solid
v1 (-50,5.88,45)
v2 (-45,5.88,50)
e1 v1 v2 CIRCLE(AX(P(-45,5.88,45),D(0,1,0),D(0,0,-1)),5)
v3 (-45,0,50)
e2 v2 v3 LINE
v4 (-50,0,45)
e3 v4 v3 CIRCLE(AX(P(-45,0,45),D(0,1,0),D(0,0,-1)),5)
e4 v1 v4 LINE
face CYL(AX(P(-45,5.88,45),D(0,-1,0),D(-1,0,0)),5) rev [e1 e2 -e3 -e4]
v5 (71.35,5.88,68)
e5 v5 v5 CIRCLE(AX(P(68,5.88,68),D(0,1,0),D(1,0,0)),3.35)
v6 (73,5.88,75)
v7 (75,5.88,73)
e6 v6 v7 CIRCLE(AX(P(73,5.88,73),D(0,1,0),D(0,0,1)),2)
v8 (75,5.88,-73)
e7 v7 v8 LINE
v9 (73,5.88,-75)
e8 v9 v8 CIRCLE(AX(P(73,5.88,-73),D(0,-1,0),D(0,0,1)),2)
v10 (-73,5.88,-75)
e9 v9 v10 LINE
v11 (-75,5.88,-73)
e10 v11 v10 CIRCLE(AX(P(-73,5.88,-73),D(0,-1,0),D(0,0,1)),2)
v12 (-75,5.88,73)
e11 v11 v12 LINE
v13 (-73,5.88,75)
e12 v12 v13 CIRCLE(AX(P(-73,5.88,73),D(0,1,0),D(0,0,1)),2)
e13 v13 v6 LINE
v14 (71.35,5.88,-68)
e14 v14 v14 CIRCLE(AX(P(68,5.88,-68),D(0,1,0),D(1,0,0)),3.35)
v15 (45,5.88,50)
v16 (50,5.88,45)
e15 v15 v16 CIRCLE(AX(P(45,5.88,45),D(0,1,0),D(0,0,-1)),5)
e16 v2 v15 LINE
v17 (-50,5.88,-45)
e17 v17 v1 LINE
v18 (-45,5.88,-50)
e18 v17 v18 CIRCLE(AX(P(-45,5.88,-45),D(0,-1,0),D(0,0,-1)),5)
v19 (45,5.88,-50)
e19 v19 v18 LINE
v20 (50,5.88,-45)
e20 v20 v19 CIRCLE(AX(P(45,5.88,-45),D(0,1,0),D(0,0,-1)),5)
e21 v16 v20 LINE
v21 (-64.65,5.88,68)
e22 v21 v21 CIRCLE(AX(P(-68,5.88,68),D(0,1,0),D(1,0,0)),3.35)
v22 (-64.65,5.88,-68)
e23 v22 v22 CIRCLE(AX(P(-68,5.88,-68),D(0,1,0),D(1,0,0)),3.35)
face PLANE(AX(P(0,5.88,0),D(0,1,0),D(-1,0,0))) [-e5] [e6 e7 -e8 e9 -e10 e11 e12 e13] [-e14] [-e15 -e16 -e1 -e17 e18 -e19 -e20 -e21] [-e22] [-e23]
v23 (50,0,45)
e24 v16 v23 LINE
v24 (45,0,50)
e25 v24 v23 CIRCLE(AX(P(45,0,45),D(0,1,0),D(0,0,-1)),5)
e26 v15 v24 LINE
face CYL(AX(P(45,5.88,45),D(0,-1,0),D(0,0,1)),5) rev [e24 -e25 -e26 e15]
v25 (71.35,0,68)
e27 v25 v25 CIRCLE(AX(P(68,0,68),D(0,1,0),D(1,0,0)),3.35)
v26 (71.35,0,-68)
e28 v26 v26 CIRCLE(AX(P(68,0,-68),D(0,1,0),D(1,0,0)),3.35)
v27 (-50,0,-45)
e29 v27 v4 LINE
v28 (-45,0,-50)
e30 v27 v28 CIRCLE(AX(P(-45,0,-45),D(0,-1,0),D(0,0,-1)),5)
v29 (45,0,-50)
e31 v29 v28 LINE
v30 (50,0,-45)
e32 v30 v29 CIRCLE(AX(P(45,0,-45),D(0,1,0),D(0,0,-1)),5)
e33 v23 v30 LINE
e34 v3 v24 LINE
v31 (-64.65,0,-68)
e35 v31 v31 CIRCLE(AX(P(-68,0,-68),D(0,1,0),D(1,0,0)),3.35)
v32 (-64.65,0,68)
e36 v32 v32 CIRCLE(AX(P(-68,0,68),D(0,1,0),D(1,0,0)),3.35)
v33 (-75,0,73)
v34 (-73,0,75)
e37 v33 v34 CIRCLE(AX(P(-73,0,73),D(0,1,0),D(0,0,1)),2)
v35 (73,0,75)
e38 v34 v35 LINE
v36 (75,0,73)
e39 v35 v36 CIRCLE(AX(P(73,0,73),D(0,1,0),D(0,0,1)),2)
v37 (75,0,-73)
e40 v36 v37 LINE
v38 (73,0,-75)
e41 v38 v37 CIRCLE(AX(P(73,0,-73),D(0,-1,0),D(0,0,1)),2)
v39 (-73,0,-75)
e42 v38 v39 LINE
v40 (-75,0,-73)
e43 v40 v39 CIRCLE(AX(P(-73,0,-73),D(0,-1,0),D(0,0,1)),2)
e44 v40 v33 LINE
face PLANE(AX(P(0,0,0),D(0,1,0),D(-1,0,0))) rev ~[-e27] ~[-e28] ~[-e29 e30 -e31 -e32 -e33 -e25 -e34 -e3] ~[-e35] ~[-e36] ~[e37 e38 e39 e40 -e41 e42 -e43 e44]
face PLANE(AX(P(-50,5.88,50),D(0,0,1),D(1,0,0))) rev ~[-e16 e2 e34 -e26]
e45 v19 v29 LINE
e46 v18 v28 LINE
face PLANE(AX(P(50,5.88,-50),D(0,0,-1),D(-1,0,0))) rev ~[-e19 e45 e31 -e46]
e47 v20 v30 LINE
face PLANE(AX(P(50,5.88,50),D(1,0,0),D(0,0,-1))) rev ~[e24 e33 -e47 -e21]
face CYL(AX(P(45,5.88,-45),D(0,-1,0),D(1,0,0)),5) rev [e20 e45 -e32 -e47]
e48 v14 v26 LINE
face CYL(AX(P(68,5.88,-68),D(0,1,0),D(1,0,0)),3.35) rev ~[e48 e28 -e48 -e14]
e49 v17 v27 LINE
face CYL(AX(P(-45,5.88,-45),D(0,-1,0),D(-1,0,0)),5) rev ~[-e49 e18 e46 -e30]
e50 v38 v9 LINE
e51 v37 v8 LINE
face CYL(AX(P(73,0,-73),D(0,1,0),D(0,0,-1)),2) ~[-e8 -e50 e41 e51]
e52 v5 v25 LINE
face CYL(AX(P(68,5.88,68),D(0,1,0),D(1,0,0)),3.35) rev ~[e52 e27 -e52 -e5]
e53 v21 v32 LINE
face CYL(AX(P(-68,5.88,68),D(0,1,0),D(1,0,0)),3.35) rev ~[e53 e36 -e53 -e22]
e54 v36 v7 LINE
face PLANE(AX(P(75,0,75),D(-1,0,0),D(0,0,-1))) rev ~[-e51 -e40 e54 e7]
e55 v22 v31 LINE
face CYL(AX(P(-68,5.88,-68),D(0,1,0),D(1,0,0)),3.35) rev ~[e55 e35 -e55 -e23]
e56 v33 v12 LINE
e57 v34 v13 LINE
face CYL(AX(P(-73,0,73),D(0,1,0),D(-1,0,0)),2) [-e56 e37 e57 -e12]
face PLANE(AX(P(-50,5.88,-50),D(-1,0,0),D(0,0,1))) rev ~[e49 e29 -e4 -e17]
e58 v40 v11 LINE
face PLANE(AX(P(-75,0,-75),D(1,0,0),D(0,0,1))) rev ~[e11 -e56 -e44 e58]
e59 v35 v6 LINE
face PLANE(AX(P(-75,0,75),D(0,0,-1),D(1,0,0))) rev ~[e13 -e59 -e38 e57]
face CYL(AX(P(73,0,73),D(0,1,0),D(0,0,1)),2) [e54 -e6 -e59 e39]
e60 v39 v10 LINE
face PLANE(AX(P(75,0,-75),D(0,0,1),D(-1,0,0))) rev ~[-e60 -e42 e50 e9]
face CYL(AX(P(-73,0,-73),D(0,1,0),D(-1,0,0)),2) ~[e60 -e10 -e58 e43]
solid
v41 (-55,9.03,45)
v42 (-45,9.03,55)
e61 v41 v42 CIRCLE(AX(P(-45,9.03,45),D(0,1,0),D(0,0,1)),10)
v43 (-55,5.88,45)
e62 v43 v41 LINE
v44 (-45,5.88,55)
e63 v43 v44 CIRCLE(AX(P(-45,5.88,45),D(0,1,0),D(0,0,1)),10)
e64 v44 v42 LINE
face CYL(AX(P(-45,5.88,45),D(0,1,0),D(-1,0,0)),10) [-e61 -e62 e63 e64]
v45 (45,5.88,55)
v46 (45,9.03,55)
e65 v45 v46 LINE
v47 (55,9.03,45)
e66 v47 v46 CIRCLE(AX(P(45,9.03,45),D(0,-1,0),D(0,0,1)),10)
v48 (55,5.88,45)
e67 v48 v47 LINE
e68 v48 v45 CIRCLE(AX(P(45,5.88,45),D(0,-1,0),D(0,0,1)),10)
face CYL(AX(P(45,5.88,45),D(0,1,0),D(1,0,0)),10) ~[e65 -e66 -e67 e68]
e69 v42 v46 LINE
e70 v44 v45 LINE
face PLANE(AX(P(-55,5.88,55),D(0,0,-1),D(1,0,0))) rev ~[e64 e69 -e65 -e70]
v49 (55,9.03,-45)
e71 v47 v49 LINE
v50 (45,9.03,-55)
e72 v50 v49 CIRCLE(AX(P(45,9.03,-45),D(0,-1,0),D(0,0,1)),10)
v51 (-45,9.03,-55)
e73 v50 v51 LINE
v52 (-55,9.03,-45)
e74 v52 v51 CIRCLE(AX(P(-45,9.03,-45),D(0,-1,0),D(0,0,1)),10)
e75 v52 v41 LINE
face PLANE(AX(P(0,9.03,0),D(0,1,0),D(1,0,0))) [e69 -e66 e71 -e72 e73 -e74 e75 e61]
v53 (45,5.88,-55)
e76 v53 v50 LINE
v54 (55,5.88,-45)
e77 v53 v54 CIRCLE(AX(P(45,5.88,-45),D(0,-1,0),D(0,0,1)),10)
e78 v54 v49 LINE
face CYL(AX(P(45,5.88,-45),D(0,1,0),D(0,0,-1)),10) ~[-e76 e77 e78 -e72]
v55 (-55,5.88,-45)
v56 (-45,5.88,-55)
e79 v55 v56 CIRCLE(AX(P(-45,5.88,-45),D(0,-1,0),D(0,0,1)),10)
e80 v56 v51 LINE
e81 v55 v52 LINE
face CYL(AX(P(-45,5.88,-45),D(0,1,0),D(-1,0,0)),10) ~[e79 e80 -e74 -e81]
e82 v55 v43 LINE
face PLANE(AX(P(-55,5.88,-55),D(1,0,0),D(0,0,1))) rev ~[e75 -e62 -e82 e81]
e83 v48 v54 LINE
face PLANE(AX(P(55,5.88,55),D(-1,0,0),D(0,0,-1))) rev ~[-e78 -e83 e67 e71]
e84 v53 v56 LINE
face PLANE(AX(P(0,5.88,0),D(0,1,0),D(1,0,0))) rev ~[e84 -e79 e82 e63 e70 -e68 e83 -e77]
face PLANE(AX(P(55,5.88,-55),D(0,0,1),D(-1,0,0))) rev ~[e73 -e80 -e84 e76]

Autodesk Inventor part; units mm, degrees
ref_plane "YZ Plane" through (0, 0, 0) normal (1, 0, 0) x (0, 1, 0)
ref_plane "XZ Plane" through (0, 0, 0) normal (0, 1, 0) x (-1, 0, 0)
ref_plane "XY Plane" through (0, 0, 0) normal (0, 0, 1) x (1, 0, 0)
sketch "Sketch1" plane through (0, 0, 0) normal (0, 1, 0) x (-1, 0, 0)
  line L0 (75, 75) -> (-75, 75)
  line L1 (-75, 75) -> (-75, -75)
  line L2 (-75, -75) -> (75, -75)
  line L3 (75, -75) -> (75, 75)
  line L4 (75, 75) -> (-75, -75) construction
  line L5 (-75, 75) -> (75, -75) construction
  point P0 (0, 0)
  dimension "d0" = 150
  dimension "d1" = 150
extrude "Extrusion1" add sketch "Sketch1" along normal blind 5.88
sketch "Sketch2" plane through (0, 5.88, 0) normal (0, 1, 0) x (1, 0, 0)
  line L0 (-75.5, -90.5) -> (75.5, -90.5)
  line L1 (75.5, -90.5) -> (75.5, 90.5)
  line L2 (75.5, 90.5) -> (-75.5, 90.5)
  line L3 (-75.5, 90.5) -> (-75.5, -90.5)
  line L4 (-75.5, -90.5) -> (75.5, 90.5) construction
  line L5 (75.5, -90.5) -> (-75.5, 90.5) construction
  circle A0 centre (-68, 68) radius 3.35
  circle A1 centre (-68, -68) radius 3.35
  circle A2 centre (68, -68) radius 3.35
  circle A3 centre (68, 68) radius 3.35
  line L6 (-50, -50) -> (50, -50)
  line L7 (50, -50) -> (50, 50)
  line L8 (50, 50) -> (-50, 50)
  line L9 (-50, 50) -> (-50, -50)
  line L10 (-50, -50) -> (50, 50) construction
  line L11 (50, -50) -> (-50, 50) construction
  point P0 (0, 0)
  dimension "d4" = 151
  dimension "d5" = 181
  dimension "d6" = 6.7
  dimension "d7" = 7.5
  dimension "d8" = 22.5
  dimension "d11" = 360
  dimension "d13" = 100
  dimension "d14" = 100
extrude "Extrusion2" cut sketch "Sketch2" against normal blind 5.88 contours A0 | A1 | A2 | A3 | L9 L8 L7 L6
sketch "Sketch4" plane through (0, 5.88, 0) normal (0, 1, 0) x (1, 0, 0)
  line L0 (-55, -55) -> (55, -55)
  line L1 (55, -55) -> (55, 55)
  line L2 (55, 55) -> (-55, 55)
  line L3 (-55, 55) -> (-55, -55)
  line L4 (-55, -55) -> (55, 55) construction
  line L5 (55, -55) -> (-55, 55) construction
  point P0 (0, 0)
  dimension "d21" = 110
  dimension "d22" = 110
extrude "Extrusion4" add sketch "Sketch4" along normal blind 3.15 separate body
fillet "Fillet1" radius 10 4 edges at (-55, 7.455, 55) (55, 7.455, 55) (55, 7.455, -55) (-55, 7.455, -55)
fillet "Fillet2" radius 5 4 edges at (-50, 2.94, 50) (50, 2.94, 50) (-50, 2.94, -50) (50, 2.94, -50)
fillet "Fillet3" radius 2 4 edges at (-75, 2.94, 75) (75, 2.94, 75) (75, 2.94, -75) (-75, 2.94, -75)
equation "\"d0\" = inner_bottom_x"
equation "\"d1\" = inner_bottom_y"
equation "\"d2\" = t_inner_tray"
equation "\"d4\" = tray_x"
equation "\"d5\" = tray_y"
equation "\"d6\" = m5_brass_insert_drill"
equation "\"d7\" = 0.5 * tray_border"
equation "\"d8\" = 1.5 * tray_border"
equation "\"d13\" = bottom_clear_x - 2 * bottom_clear_border"
equation "\"d14\" = bottom_clear_y - 2 * bottom_clear_border"
equation "\"d15\" = t_inner_tray"
equation "\"d21\" = bottom_clear_x"
equation "\"d22\" = bottom_clear_y"
equation "\"d23\" = t_bottom_clear"
equation "\"d25\" = 2 * bottom_clear_border"
equation "\"d26\" = bottom_clear_border"
equation "\"d27\" = small_round"
equation "\"thick_acrylic\" = 5.88"
equation "\"thin_acrylic\" = 3.15"
equation "\"clear_acrylic\" = 3.15"
equation "\"wood_thickness\" = 6.72"
equation "\"al1_thickness\" = 1.5875"
equation "\"m3_diameter\" = 3.15"
equation "\"m4_diameter\" = 4.2"
equation "\"m5_diameter\" = 5.25"
equation "\"brass_insert_drill\" = 4"
equation "\"m5_brass_insert_drill\" = 6.7"
equation "\"m5_press_nut_drill\" = 6.35"
equation "\"m3_main_length\" = 14"
equation "\"m3_main_nut_width\" = 5.7"
equation "\"m3_main_nut_thickness\" = 2.5"
equation "\"m3_main_extra\" = 1"
equation "\"stepper_screw_space\" = 35"
equation "\"stepper_shaft_diameter\" = 5"
equation "\"stepper_body_diameter\" = 28"
equation "\"laser_body_diameter\" = 12"
equation "\"t_carrier\" = 6.72"
equation "\"t_wall\" = 5.88"
equation "\"t_window\" = 3.15"
equation "\"carrier_y\" = 181"
equation "\"carrier_z\" = 233.04"
equation "\"carrier_z2\" = 283.04"
equation "\"protection_slot\" = 30.2"
equation "\"protection_slot_offset\" = 37.75"
equation "\"protection_slot_length\" = 20.6"
equation "\"window_z\" = 185"
equation "\"window_y\" = 49.56"
equation "\"window_slot\" = 25"
equation "\"door_sensor\" = 35"
equation "\"reservoir_x\" = 151"
equation "\"reservoir_y\" = 151"
equation "\"linear_bearing_spacing\" = 207"
equation "\"linear_bearing_z\" = 304.8"
equation "\"threaded_rod_z\" = 203.2"
equation "\"motor_spacing\" = 287"
equation "\"t_tray\" = 3.15"
equation "\"tray_border\" = 15"
equation "\"tray_x\" = 151"
equation "\"tray_y\" = 181"
equation "\"bed_t\" = 1.5875"
equation "\"bed_y2\" = 45.96"
equation "\"bed_fold_x\" = 15"
equation "\"bed_gap\" = 0.3"
equation "\"t_inner_tray\" = 5.88"
equation "\"t_tape\" = 3"
equation "\"inner_tray_x\" = 145"
equation "\"inner_tray_y\" = 145"
equation "\"inner_tray_border\" = 5"
equation "\"inner_tray_radius\" = 24"
equation "\"inner_bottom_x\" = 150"
equation "\"inner_bottom_y\" = 150"
equation "\"brass_keep_out\" = 8"
equation "\"tape_keep_out\" = 2"
equation "\"tape_thickness\" = 2"
equation "\"t_crane\" = 6.72"
equation "\"crane_x\" = 244.56"
equation "\"end_stop_offset_x\" = 83"
equation "\"end_stop_spacing\" = 19"
equation "\"thumb_nut_offset_y\" = 11.72"
equation "\"thumb_nut_diameter\" = 7"
equation "\"z_min_from_center\" = 72.28"
equation "\"t_frame\" = 6.72"
equation "\"frame_top_z\" = 295"
equation "\"frame_bottom_z\" = 225"
equation "\"frame_y\" = 68.44"
equation "\"frame_border\" = 39.5"
equation "\"frame_foot_z\" = 49.5"
equation "\"frame_foot_extension\" = 6"
equation "\"frame_tilt\" = 0"
equation "\"printer_z\" = 289"
equation "\"lcd_x\" = 72"
equation "\"lcd_y\" = 25"
equation "\"subframe_y_offset\" = 27.5"
equation "\"laser_y_offset\" = 19.4"
equation "\"laser_diameter\" = 12"
equation "\"laser_y\" = 33"
equation "\"laser_z\" = 33"
equation "\"laser_x\" = 62"
equation "\"t_galvo_frame\" = 6.72"
equation "\"galvo_frame_x\" = 66"
equation "\"galvo_frame_z\" = 65"
equation "\"galvo_frame_y_offset\" = 27.5"
equation "\"drawer_x\" = 181"
equation "\"drawer_y\" = 49.56"
equation "\"drawer_z\" = 206.72"
equation "\"drawer_z_from_bottom\" = 25"
equation "\"drawer_foot_mount\" = 18"
equation "\"asym_key\" = 0"
equation "\"small_round\" = 2"
equation "\"bottom_clear_x\" = 110"
equation "\"bottom_clear_y\" = 110"
equation "\"t_bottom_clear\" = 3.15"
equation "\"bottom_clear_border\" = 5"
equation "\"laser_screw_spacing_y\" = 16"
properties part number "inner_tray_bottom"
